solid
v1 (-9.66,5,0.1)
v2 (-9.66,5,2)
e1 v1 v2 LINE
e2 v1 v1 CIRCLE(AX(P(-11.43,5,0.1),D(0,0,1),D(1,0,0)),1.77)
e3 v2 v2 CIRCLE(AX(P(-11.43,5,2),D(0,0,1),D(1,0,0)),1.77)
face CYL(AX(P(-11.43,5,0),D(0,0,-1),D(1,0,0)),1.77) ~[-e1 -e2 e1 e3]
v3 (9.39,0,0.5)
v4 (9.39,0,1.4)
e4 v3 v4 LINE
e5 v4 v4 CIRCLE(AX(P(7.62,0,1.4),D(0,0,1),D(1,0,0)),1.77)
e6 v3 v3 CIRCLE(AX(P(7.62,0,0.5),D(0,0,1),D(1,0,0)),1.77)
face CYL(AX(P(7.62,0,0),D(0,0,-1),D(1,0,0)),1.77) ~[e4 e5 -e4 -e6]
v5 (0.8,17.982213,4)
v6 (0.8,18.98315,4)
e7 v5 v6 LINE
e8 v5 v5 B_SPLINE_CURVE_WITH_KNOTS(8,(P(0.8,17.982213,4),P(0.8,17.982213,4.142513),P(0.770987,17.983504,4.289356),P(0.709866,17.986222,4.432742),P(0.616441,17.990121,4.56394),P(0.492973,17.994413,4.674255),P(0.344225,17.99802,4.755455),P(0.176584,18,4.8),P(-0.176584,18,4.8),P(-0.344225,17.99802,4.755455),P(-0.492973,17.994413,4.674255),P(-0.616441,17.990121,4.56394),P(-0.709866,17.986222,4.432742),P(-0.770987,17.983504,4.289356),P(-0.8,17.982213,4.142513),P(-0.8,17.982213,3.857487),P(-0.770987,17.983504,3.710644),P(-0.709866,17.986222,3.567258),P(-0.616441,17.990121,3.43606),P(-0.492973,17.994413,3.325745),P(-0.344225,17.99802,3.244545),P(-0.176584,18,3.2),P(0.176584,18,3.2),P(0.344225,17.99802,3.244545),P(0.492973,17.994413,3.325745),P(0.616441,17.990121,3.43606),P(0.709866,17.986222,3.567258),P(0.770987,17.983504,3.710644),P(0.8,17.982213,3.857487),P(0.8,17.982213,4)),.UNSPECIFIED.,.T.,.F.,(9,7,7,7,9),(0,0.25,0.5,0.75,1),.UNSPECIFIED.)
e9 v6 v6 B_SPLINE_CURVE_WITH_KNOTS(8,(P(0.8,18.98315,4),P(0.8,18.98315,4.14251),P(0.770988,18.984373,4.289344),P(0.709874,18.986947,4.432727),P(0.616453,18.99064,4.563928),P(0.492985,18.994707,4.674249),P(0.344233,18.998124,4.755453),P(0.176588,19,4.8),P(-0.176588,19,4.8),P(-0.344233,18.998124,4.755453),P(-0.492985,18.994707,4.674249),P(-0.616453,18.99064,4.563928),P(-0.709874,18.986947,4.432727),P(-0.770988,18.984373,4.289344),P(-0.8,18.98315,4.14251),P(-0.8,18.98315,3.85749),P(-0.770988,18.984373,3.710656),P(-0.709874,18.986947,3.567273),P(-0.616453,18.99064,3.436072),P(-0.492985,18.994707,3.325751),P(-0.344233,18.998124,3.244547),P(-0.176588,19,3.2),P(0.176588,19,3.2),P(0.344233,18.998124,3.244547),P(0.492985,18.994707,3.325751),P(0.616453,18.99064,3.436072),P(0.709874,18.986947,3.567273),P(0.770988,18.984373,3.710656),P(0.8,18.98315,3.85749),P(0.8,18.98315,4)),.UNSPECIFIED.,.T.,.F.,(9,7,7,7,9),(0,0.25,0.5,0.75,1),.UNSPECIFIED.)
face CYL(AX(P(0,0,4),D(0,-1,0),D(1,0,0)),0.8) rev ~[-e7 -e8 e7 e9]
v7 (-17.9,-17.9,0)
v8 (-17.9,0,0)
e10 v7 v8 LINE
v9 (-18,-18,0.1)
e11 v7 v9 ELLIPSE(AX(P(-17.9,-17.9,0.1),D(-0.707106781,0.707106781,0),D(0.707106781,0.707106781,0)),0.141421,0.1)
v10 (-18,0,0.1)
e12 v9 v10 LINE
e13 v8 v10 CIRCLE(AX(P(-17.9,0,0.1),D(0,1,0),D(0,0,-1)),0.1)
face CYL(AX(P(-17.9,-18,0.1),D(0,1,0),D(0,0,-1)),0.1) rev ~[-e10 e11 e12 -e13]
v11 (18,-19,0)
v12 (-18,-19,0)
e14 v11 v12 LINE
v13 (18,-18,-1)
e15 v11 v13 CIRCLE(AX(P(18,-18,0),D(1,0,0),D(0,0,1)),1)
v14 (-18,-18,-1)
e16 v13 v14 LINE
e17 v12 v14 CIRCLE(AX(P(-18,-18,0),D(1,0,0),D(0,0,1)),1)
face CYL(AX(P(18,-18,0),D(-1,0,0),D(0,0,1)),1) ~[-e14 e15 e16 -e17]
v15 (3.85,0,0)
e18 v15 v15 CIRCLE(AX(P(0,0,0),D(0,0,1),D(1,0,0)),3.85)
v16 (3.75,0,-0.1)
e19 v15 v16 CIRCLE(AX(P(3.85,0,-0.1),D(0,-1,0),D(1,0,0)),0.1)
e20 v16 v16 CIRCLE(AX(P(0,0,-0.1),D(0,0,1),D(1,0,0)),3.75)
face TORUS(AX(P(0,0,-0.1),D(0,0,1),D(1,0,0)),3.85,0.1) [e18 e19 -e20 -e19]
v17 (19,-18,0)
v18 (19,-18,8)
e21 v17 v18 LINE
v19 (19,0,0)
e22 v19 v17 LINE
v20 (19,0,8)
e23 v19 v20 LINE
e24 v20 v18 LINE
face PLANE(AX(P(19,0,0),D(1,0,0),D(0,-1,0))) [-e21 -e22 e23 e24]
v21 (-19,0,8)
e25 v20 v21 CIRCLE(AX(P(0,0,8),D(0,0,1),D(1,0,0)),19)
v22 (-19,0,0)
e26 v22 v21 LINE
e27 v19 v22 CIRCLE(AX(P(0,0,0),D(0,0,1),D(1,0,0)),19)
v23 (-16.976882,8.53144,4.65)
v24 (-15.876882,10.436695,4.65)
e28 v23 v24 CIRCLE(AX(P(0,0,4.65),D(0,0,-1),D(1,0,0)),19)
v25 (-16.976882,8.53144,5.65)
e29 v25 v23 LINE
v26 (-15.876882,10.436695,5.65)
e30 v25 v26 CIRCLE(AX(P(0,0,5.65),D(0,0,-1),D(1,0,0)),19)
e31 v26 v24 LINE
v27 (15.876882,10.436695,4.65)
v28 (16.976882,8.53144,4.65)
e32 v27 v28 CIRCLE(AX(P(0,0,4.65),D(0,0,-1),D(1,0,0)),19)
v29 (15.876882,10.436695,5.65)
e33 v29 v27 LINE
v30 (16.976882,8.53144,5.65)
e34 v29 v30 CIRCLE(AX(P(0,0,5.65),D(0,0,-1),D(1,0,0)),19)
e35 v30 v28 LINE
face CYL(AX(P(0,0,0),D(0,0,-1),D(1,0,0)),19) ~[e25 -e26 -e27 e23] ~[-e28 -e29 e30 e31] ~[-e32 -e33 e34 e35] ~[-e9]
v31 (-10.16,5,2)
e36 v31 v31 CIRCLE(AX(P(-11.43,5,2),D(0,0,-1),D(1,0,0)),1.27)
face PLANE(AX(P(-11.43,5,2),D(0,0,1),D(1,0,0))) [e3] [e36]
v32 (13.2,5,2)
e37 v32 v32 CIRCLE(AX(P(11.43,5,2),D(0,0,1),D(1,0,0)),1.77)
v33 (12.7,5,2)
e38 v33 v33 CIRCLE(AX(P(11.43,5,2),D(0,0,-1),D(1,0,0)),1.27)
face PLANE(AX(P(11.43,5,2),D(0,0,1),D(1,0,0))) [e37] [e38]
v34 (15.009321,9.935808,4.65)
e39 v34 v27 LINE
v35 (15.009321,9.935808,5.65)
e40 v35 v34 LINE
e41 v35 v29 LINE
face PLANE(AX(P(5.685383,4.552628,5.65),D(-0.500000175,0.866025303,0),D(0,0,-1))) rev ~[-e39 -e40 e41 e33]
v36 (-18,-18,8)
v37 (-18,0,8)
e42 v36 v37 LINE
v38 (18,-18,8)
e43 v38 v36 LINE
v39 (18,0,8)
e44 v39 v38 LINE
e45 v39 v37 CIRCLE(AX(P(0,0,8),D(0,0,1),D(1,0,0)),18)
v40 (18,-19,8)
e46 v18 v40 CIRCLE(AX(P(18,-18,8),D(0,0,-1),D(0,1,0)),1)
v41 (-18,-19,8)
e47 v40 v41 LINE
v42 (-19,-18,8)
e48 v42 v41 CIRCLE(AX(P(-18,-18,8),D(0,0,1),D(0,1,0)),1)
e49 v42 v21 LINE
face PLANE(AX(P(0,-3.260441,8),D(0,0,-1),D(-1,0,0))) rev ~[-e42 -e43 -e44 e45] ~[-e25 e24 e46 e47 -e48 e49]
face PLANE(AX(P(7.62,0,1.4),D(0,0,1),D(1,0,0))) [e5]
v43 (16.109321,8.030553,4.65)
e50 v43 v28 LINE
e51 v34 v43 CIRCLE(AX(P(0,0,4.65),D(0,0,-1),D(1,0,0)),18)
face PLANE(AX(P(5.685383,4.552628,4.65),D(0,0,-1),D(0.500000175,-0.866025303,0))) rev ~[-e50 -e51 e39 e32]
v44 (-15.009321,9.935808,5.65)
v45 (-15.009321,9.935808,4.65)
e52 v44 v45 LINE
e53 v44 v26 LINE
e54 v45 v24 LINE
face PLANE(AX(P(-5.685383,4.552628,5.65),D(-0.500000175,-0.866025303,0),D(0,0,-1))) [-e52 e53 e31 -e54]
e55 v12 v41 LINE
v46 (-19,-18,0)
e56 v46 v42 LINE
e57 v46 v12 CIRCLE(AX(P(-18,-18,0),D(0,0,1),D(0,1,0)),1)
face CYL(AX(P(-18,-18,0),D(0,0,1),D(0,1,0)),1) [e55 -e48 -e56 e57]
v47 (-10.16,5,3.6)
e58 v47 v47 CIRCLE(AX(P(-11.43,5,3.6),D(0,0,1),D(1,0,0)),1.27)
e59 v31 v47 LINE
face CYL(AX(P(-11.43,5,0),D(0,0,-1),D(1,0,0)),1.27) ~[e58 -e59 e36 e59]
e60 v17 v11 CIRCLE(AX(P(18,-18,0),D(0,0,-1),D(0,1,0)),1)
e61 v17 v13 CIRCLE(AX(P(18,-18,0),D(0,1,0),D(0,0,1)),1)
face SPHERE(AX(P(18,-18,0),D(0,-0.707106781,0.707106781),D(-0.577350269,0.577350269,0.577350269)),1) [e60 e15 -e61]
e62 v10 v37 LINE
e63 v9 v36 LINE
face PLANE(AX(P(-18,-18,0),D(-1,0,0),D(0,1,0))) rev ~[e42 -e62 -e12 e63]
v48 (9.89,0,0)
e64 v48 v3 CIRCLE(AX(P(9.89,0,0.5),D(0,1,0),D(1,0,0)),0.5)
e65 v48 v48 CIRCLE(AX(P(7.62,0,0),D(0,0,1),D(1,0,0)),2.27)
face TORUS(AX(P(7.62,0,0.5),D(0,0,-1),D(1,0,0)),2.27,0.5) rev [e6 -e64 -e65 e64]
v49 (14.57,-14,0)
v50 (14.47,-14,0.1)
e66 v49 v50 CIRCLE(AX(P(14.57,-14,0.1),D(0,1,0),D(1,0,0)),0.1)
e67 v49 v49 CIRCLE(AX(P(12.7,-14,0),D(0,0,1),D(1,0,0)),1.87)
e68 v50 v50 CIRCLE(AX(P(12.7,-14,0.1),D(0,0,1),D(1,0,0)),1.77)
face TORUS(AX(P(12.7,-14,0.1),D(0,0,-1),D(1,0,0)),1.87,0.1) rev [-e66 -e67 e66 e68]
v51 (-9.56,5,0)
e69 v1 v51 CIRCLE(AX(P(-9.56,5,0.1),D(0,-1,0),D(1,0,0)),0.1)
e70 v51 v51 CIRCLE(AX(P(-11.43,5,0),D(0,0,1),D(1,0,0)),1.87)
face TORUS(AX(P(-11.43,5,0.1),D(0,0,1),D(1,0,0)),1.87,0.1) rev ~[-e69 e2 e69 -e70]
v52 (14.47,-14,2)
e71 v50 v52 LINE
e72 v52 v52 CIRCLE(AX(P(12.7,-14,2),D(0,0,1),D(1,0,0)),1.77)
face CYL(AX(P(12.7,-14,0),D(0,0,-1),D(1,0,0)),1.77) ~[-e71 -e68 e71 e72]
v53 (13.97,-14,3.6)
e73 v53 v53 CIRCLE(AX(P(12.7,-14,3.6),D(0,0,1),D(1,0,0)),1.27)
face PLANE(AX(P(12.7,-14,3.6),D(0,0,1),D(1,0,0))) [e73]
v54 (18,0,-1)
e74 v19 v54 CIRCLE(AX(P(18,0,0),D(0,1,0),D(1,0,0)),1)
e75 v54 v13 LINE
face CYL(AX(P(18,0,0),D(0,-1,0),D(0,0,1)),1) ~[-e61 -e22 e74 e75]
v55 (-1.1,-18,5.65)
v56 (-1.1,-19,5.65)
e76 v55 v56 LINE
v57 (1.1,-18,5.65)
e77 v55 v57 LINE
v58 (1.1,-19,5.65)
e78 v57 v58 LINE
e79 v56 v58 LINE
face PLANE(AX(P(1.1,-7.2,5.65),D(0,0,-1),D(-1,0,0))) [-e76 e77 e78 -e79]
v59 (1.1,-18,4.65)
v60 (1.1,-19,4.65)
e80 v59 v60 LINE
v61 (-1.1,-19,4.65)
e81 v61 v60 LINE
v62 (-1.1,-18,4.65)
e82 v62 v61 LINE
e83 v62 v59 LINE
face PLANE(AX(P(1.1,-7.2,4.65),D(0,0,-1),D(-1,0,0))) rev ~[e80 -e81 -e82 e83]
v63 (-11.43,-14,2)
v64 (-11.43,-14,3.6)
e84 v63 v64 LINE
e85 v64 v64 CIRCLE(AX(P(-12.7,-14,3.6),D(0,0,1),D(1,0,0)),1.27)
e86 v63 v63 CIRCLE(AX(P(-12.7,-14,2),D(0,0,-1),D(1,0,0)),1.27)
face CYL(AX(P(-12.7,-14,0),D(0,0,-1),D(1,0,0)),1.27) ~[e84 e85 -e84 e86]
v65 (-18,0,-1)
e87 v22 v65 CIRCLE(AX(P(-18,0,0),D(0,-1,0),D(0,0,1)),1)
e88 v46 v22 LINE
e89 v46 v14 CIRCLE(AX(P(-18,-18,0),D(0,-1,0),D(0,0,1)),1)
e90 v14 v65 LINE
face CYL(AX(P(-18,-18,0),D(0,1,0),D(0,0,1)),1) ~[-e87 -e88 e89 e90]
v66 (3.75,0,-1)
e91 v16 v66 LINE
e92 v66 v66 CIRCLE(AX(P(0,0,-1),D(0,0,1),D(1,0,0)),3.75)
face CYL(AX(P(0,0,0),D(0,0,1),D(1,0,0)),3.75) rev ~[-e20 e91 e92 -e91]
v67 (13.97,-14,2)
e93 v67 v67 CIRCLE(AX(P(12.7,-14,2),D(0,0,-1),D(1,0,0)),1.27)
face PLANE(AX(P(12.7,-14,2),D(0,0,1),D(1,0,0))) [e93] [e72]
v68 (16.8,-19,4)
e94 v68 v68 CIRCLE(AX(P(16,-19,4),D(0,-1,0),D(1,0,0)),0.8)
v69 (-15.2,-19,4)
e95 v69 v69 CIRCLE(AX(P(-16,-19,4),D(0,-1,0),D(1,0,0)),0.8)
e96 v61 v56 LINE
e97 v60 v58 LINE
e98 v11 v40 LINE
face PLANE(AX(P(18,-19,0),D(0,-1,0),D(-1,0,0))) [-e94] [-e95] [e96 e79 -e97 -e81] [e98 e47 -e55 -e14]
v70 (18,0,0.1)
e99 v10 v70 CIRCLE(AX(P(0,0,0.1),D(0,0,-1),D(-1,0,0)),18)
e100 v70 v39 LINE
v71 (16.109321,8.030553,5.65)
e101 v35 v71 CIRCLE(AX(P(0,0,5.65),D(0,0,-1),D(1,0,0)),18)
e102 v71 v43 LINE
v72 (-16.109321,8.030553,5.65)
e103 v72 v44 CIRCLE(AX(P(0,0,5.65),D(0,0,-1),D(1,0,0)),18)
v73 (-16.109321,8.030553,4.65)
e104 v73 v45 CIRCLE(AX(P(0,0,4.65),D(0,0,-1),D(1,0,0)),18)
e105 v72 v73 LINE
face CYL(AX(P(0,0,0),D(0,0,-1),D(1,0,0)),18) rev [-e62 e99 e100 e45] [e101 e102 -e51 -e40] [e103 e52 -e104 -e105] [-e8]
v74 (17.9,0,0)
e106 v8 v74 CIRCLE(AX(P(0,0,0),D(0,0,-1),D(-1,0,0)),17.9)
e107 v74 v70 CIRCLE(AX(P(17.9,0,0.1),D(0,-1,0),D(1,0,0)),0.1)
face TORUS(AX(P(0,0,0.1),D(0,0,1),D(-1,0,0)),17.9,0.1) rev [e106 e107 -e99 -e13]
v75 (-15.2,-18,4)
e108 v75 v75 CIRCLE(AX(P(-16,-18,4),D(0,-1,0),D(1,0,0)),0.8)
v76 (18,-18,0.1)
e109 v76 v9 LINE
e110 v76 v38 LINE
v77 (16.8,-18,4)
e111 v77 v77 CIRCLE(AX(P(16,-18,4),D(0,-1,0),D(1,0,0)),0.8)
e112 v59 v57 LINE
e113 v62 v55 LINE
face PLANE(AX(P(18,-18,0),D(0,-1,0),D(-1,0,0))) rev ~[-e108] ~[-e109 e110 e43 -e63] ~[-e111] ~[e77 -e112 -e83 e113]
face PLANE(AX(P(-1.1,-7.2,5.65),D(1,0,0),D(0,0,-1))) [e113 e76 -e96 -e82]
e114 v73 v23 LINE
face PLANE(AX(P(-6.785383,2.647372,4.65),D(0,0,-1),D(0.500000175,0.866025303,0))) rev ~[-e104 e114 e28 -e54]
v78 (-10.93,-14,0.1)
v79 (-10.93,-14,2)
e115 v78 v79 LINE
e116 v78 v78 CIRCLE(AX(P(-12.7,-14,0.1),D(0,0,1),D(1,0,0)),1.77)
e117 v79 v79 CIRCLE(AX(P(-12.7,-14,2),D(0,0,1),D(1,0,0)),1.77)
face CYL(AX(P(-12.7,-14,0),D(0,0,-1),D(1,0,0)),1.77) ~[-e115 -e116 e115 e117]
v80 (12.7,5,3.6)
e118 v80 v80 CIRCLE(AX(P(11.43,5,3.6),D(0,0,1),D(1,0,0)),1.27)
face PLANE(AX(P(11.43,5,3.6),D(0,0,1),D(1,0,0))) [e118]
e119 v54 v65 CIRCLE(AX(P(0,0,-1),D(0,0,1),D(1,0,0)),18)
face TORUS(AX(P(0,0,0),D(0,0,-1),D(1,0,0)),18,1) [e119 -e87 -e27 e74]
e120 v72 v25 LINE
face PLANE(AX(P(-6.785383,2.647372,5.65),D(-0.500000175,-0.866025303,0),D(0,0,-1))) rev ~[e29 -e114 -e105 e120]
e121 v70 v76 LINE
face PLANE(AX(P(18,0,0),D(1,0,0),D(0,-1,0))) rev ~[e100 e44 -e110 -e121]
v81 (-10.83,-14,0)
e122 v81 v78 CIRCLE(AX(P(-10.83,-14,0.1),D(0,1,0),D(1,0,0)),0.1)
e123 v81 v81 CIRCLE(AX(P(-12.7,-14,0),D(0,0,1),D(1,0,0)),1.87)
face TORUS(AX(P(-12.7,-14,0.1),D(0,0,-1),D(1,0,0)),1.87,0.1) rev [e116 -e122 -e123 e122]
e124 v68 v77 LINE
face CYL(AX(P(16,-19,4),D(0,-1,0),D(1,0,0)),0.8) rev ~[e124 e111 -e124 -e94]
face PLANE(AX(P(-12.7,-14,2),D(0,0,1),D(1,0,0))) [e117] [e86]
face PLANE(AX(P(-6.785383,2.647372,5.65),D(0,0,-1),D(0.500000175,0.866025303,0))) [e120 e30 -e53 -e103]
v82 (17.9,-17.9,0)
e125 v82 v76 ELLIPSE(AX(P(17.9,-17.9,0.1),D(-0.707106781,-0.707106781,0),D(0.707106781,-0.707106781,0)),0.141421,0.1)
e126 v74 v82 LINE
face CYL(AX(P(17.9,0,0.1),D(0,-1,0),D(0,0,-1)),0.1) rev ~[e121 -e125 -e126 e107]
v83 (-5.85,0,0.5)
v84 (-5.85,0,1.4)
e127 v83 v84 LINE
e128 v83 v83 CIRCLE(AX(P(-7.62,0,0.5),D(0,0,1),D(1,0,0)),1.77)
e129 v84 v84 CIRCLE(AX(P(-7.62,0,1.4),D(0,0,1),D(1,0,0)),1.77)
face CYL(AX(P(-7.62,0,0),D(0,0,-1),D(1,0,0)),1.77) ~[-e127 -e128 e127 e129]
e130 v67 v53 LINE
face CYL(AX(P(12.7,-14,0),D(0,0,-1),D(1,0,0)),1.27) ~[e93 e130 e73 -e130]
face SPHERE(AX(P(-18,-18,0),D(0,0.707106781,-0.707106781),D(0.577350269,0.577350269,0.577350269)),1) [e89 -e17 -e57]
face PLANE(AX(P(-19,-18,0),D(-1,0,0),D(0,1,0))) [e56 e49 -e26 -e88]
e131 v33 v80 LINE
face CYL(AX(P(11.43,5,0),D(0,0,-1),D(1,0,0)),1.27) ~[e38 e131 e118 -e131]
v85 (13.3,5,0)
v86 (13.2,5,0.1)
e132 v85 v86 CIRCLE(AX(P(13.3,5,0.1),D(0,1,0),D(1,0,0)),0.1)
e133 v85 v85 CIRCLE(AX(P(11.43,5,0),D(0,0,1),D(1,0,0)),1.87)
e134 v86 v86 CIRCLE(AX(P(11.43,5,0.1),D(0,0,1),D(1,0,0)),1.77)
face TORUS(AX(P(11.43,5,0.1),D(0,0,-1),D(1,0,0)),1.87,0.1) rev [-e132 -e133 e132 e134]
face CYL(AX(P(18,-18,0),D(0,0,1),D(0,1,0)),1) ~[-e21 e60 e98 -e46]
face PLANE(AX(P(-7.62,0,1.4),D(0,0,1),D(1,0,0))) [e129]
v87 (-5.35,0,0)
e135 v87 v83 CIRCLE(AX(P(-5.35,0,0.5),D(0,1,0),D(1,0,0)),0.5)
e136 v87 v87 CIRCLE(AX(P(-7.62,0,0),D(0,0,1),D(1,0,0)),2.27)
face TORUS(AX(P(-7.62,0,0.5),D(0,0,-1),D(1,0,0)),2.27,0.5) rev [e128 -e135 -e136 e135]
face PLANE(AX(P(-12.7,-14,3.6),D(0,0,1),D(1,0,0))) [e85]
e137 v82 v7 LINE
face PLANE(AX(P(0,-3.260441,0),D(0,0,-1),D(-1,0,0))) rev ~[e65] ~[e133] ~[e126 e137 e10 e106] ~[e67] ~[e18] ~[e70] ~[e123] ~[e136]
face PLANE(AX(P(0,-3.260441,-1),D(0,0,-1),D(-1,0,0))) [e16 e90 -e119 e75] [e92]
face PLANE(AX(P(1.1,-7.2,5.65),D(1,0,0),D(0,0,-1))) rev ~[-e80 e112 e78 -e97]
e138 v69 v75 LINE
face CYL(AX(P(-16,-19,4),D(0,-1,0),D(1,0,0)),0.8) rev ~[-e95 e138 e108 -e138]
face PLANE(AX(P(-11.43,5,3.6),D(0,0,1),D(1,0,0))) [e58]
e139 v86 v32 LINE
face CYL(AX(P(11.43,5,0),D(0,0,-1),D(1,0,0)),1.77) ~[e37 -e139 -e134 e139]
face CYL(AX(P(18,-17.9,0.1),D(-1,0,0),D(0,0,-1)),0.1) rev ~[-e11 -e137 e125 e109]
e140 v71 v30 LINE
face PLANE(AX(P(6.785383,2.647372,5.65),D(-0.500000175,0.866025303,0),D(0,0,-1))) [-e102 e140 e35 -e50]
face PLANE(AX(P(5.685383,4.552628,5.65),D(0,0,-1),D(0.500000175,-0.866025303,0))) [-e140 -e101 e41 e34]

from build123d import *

# Parameters (mm, degrees)
PAD005_DEPTH     = 8
THICKNESS_T      = 1
SKETCH006_R      = 1.77
PAD006_DEPTH     = 2
SKETCH007_R      = 1.27
PAD007_DEPTH     = 3.6
SKETCH008_R      = 3.75
HOLE_DEPTH       = 25
FILLET_R         = 0.1
SKETCH010_R      = 1.77
PAD010_DEPTH     = 1.4
SKETCH011_R      = 0.8
HOLE002_DEPTH    = 10
HOLE002_TIPS_R   = 0.8
SKETCH012_R      = 0.8
HOLE003_DEPTH    = 25
FILLET004_R      = 0.5
SHAPEBINDER_W    = 2.2
SHAPEBINDER_H    = 1
POCKET_DEPTH     = 18.755483
SHAPEBINDER001_W = 2.2
SHAPEBINDER001_H = 1
POCKET001_DEPTH  = 11.801
SHAPEBINDER002_W = 2.2
SHAPEBINDER002_H = 1
POCKET002_DEPTH  = 18.755483


with BuildPart() as part:
    # Sketch005 → Pad005 (new body)
    with BuildSketch(Plane.XY):
        with BuildLine():
            Line((-18, -18), (-18, 0))
            ThreePointArc((18, 0), (0, 18), (-18, 0))
            Line((18, 0), (18, -18))
            Line((18, -18), (-18, -18))
        make_face()
    extrude(amount=PAD005_DEPTH)

    # Thickness
    thickness_openings = [part.faces().sort_by_distance(p)[0] for p in [
        (0, -1.680297, 8),
    ]]
    offset(amount=THICKNESS_T, openings=thickness_openings)

    # Sketch006 → Pad006 (join)
    with BuildSketch(Plane.XY):
        with Locations((-12.7, -14)):
            Circle(SKETCH006_R)
        with Locations((12.7, -14)):
            Circle(SKETCH006_R)
        with Locations((-11.43, 5)):
            Circle(SKETCH006_R)
        with Locations((11.43, 5)):
            Circle(SKETCH006_R)
    extrude(amount=PAD006_DEPTH)

    # Sketch007 → Pad007 (join)
    with BuildSketch(Plane.XY):
        with Locations((-11.43, 5)):
            Circle(SKETCH007_R)
        with Locations((11.43, 5)):
            Circle(SKETCH007_R)
        with Locations((12.7, -14)):
            Circle(SKETCH007_R)
        with Locations((-12.7, -14)):
            Circle(SKETCH007_R)
    extrude(amount=PAD007_DEPTH)

    # Sketch008 (on Face4 of Pad007) → Hole (cut)
    with BuildSketch(Plane.XY):
        Circle(SKETCH008_R)
    extrude(amount=-HOLE_DEPTH, mode=Mode.SUBTRACT)

    # Fillet
    fillet_edges = [part.edges().sort_by_distance(p)[0] for p in [
        (-18, -9, 0),
        (0, -18, 0),
        (0, 18, 0),
        (18, -9, 0),
        (-14.47, -14, 0),
        (10.93, -14, 0),
        (-3.75, 0, 0),
        (-13.2, 5, 0),
        (9.66, 5, 0),
    ]]
    fillet(fillet_edges, radius=FILLET_R)

    # Sketch010 (on Face5 of Thickness) → Pad010 (join)
    with BuildSketch(Plane.XY):
        with Locations((-7.62, 0)):
            Circle(SKETCH010_R)
        with Locations((7.62, 0)):
            Circle(SKETCH010_R)
    extrude(amount=PAD010_DEPTH)

    # Sketch011 (on Face11 of Pad010) → Hole002 (cut)
    with BuildSketch(Plane.XZ.offset(19)):
        with Locations((-16, 4)):
            Circle(SKETCH011_R)
        with Locations((16, 4)):
            Circle(SKETCH011_R)
    extrude(amount=-HOLE002_DEPTH, mode=Mode.SUBTRACT)

    # Hole002 tips → Hole002 tip 1 section 0
    with BuildSketch(Plane.XZ.offset(9), mode=Mode.PRIVATE) as hole002_tip_1_s0:
        with Locations((-16, 4)):
            Circle(HOLE002_TIPS_R)
    loft([hole002_tip_1_s0.sketch, Vertex(-16, -8.519312, 4)], mode=Mode.SUBTRACT)

    # Hole002 tips → Hole002 tip 2 section 0
    with BuildSketch(Plane.XZ.offset(9), mode=Mode.PRIVATE) as hole002_tip_2_s0:
        with Locations((16, 4)):
            Circle(HOLE002_TIPS_R)
    loft([hole002_tip_2_s0.sketch, Vertex(16, -8.519312, 4)], mode=Mode.SUBTRACT)

    # Sketch012 → Hole003 (cut)
    with BuildSketch(Plane.XZ):
        with Locations((0, 4)):
            Circle(SKETCH012_R)
    extrude(amount=-HOLE003_DEPTH, mode=Mode.SUBTRACT)

    # Fillet004
    fillet004_edges = [part.edges().sort_by_distance(p)[0] for p in [
        (5.85, 0, 0),
        (-9.39, 0, 0),
    ]]
    fillet(fillet004_edges, radius=FILLET004_R)

    # ShapeBinder → Pocket (cut, through all)
    with BuildSketch(Plane(origin=(6.235383, 3.6, 5.15), x_dir=(0.5, -0.866025, 0), z_dir=(0.866025, 0.5, 0))):
        Rectangle(SHAPEBINDER_W, SHAPEBINDER_H)
    extrude(amount=POCKET_DEPTH, mode=Mode.SUBTRACT)

    # ShapeBinder001 → Pocket001 (cut, through all)
    with BuildSketch(Plane(origin=(0, -7.2, 5.15), x_dir=(-1, 0, 0), z_dir=(0, -1, 0))):
        Rectangle(SHAPEBINDER001_W, SHAPEBINDER001_H)
    extrude(amount=POCKET001_DEPTH, mode=Mode.SUBTRACT)

    # ShapeBinder002 → Pocket002 (cut, through all)
    with BuildSketch(Plane(origin=(-6.235383, 3.6, 5.15), x_dir=(0.5, 0.866025, 0), z_dir=(-0.866025, 0.5, 0))):
        Rectangle(SHAPEBINDER002_W, SHAPEBINDER002_H)
    extrude(amount=POCKET002_DEPTH, mode=Mode.SUBTRACT)


solid = part.part
